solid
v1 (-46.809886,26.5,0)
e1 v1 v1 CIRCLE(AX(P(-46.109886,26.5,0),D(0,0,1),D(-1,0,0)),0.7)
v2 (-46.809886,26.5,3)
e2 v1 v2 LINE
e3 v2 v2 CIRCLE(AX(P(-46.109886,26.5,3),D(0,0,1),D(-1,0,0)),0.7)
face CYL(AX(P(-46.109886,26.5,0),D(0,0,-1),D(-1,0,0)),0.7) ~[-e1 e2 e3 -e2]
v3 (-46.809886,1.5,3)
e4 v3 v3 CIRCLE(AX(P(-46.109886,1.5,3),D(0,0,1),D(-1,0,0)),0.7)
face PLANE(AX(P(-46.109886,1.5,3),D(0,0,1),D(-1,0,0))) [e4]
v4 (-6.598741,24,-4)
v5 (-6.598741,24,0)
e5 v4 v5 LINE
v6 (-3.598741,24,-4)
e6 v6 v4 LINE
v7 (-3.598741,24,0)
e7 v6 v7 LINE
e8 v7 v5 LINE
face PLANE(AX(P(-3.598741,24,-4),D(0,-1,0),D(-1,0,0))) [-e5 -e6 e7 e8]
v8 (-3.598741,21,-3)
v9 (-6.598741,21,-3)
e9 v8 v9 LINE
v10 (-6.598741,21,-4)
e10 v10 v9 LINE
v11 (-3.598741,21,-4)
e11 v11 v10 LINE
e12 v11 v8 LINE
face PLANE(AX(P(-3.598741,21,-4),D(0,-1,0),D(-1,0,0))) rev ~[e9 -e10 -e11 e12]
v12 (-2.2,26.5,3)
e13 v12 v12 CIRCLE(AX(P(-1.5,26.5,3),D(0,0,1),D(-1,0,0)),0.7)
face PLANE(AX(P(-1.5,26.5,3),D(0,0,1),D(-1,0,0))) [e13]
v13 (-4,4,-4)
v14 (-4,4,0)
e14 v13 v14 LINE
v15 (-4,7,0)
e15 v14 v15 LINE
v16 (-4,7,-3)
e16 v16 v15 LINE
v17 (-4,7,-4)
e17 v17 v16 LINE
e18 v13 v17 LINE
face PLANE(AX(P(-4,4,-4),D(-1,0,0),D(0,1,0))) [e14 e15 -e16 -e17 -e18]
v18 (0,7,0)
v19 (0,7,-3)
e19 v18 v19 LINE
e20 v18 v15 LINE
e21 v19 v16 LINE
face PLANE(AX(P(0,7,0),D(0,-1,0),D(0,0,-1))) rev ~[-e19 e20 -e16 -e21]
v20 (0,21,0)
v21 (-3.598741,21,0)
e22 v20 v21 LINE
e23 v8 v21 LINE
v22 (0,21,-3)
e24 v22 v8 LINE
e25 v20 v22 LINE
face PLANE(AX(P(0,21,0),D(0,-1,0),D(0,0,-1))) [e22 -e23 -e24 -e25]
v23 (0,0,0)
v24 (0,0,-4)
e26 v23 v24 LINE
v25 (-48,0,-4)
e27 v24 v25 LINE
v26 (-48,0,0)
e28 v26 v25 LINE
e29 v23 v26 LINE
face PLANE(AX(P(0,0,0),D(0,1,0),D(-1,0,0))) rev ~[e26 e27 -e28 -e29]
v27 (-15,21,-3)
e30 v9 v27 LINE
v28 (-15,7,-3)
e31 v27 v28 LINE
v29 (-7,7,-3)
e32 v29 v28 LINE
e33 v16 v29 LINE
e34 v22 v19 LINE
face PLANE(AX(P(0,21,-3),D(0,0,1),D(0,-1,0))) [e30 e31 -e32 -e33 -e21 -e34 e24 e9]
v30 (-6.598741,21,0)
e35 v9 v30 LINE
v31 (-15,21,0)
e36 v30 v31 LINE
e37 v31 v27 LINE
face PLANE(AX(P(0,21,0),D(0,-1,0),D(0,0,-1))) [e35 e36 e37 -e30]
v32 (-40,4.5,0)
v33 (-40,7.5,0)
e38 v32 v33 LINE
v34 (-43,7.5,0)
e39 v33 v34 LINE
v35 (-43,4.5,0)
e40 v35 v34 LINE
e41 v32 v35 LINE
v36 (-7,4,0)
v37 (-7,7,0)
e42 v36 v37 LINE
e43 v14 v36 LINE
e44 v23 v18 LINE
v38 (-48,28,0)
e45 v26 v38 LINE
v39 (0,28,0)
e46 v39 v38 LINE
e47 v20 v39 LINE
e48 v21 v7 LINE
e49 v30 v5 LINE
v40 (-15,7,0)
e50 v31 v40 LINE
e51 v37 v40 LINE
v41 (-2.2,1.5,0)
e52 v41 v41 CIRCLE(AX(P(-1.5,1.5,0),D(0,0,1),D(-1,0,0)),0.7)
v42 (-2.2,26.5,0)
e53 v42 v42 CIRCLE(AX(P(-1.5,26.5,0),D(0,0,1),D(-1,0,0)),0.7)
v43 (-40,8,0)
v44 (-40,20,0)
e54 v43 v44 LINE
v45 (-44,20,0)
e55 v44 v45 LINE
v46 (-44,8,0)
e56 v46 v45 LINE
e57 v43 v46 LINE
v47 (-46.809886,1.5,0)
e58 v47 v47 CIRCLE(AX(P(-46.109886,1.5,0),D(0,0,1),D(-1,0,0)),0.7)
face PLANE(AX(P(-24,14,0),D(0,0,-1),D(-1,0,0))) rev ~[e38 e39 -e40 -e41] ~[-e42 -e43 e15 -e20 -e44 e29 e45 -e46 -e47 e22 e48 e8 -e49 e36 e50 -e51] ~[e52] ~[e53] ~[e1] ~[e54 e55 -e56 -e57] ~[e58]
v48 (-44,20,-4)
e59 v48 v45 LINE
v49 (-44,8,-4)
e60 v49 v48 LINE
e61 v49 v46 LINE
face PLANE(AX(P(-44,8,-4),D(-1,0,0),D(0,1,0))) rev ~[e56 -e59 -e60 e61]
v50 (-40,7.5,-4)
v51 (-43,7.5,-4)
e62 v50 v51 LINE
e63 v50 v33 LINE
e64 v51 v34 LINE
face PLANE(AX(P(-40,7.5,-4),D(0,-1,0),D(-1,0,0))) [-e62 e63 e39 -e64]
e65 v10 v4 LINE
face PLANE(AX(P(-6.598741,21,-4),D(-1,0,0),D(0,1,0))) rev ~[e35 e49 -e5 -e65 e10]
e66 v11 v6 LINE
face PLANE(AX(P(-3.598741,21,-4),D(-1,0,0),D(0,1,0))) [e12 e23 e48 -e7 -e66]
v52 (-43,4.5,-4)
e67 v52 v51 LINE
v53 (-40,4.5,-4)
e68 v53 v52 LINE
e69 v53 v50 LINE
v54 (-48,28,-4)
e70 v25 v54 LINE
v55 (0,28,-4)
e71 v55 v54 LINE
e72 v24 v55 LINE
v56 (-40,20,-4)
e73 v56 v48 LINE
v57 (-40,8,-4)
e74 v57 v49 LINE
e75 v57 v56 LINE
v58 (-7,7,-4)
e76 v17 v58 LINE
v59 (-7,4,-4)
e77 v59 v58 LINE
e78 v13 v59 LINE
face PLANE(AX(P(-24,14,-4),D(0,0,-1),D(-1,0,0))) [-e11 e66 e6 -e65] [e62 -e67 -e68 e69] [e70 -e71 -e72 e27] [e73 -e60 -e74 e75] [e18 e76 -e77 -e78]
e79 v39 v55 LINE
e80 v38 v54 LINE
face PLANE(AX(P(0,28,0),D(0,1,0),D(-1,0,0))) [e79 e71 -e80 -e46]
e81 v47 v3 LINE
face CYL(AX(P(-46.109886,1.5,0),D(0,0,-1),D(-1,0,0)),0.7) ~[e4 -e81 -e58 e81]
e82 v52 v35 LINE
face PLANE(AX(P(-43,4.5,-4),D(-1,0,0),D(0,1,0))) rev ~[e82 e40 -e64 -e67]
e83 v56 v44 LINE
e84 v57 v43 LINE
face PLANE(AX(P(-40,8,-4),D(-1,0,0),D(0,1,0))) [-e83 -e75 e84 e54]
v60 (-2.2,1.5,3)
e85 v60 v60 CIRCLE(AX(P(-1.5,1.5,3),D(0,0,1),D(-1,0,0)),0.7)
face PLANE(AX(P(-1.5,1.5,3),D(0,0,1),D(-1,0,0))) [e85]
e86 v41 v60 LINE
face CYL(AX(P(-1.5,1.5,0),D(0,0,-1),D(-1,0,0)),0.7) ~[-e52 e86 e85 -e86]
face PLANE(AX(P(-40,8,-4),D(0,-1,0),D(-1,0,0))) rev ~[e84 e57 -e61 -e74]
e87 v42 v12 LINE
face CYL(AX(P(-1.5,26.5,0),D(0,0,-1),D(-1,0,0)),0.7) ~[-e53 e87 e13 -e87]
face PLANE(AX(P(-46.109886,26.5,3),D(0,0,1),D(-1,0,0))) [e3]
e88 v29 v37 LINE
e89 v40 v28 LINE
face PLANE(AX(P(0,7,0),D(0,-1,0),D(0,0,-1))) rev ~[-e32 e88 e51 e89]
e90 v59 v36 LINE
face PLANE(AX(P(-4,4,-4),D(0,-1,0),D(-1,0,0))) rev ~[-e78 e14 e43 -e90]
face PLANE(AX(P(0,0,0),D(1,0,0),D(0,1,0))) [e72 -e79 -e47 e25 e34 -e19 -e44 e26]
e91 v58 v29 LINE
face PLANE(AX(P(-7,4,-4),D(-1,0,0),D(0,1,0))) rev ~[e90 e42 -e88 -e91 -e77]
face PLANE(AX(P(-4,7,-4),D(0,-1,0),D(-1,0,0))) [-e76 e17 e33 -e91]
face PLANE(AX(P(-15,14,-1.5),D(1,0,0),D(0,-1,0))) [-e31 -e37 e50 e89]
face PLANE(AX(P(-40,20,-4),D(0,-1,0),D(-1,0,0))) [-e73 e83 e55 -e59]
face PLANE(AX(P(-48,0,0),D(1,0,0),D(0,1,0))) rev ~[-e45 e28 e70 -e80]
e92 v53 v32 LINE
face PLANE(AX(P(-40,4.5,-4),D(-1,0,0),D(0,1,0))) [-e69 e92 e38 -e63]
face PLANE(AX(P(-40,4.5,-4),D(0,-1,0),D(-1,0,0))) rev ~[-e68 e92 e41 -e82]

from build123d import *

# Parameters (mm, degrees)
SKETCH_W               = 48
SKETCH_H               = 28
PAD_DEPTH              = 4
SKETCH001_W            = 14
SKETCH001_H            = 3
POCKET_DEPTH           = 15
SKETCH002_W            = 4
SKETCH002_H            = 12
SKETCH002_W_2          = 3
SKETCH002_H_2          = 3
POCKET001_DEPTH        = 4.001
SKETCH003_R            = 0.7
PAD001_DEPTH           = 3
FUSION_PLACEMENT_ANGLE = 180


with BuildPart() as pocket001:
    # Sketch → Pad (new body)
    with BuildSketch(Plane.XY):
        with Locations((24, 14)):
            Rectangle(SKETCH_W, SKETCH_H)
    extrude(amount=PAD_DEPTH)

    # Sketch001 → Pocket (cut)
    with BuildSketch(Plane(origin=(0, 0, 0), x_dir=(0, -1, 0), z_dir=(-1, 0, 0))):
        with Locations((-14, 1.5)):
            Rectangle(SKETCH001_W, SKETCH001_H)
    extrude(amount=-POCKET_DEPTH, mode=Mode.SUBTRACT)

    # Sketch002 → Pocket001 (cut, through all)
    with BuildSketch(Plane.XY.offset(4)):
        with Locations((42, 14)):
            Rectangle(SKETCH002_W, SKETCH002_H)
        with Locations((41.5, 6)):
            Rectangle(SKETCH002_W_2, SKETCH002_H_2)
        with Locations((5.5, 5.5)):
            Rectangle(SKETCH002_W_2, SKETCH002_H_2)
        with Locations((5.098741, 22.5)):
            Rectangle(SKETCH002_W_2, SKETCH002_H_2)
    extrude(amount=-POCKET001_DEPTH, mode=Mode.SUBTRACT)


with BuildPart() as fusion:
    # Pad001 base: copy of Pocket001
    add(pocket001.part)

    # Sketch003 → Pad001 (new body)
    with BuildSketch(Plane(origin=(0, 0, 0), x_dir=(1, 0, 0), z_dir=(0, 0, -1))):
        with Locations((1.5, -1.5)):
            Circle(SKETCH003_R)
        with Locations((1.5, -26.5)):
            Circle(SKETCH003_R)
        with Locations((46.109886, -26.5)):
            Circle(SKETCH003_R)
        with Locations((46.109886, -1.5)):
            Circle(SKETCH003_R)
    extrude(amount=PAD001_DEPTH)

    # Fusion: union Pocket001
    add(pocket001.part)


with BuildPart() as fusion_1:
    # Fusion placement: moved
    add(fusion.part.rotate(Axis((0, 0, 0), (0, 1, 0)), FUSION_PLACEMENT_ANGLE))


solid = fusion_1.part
